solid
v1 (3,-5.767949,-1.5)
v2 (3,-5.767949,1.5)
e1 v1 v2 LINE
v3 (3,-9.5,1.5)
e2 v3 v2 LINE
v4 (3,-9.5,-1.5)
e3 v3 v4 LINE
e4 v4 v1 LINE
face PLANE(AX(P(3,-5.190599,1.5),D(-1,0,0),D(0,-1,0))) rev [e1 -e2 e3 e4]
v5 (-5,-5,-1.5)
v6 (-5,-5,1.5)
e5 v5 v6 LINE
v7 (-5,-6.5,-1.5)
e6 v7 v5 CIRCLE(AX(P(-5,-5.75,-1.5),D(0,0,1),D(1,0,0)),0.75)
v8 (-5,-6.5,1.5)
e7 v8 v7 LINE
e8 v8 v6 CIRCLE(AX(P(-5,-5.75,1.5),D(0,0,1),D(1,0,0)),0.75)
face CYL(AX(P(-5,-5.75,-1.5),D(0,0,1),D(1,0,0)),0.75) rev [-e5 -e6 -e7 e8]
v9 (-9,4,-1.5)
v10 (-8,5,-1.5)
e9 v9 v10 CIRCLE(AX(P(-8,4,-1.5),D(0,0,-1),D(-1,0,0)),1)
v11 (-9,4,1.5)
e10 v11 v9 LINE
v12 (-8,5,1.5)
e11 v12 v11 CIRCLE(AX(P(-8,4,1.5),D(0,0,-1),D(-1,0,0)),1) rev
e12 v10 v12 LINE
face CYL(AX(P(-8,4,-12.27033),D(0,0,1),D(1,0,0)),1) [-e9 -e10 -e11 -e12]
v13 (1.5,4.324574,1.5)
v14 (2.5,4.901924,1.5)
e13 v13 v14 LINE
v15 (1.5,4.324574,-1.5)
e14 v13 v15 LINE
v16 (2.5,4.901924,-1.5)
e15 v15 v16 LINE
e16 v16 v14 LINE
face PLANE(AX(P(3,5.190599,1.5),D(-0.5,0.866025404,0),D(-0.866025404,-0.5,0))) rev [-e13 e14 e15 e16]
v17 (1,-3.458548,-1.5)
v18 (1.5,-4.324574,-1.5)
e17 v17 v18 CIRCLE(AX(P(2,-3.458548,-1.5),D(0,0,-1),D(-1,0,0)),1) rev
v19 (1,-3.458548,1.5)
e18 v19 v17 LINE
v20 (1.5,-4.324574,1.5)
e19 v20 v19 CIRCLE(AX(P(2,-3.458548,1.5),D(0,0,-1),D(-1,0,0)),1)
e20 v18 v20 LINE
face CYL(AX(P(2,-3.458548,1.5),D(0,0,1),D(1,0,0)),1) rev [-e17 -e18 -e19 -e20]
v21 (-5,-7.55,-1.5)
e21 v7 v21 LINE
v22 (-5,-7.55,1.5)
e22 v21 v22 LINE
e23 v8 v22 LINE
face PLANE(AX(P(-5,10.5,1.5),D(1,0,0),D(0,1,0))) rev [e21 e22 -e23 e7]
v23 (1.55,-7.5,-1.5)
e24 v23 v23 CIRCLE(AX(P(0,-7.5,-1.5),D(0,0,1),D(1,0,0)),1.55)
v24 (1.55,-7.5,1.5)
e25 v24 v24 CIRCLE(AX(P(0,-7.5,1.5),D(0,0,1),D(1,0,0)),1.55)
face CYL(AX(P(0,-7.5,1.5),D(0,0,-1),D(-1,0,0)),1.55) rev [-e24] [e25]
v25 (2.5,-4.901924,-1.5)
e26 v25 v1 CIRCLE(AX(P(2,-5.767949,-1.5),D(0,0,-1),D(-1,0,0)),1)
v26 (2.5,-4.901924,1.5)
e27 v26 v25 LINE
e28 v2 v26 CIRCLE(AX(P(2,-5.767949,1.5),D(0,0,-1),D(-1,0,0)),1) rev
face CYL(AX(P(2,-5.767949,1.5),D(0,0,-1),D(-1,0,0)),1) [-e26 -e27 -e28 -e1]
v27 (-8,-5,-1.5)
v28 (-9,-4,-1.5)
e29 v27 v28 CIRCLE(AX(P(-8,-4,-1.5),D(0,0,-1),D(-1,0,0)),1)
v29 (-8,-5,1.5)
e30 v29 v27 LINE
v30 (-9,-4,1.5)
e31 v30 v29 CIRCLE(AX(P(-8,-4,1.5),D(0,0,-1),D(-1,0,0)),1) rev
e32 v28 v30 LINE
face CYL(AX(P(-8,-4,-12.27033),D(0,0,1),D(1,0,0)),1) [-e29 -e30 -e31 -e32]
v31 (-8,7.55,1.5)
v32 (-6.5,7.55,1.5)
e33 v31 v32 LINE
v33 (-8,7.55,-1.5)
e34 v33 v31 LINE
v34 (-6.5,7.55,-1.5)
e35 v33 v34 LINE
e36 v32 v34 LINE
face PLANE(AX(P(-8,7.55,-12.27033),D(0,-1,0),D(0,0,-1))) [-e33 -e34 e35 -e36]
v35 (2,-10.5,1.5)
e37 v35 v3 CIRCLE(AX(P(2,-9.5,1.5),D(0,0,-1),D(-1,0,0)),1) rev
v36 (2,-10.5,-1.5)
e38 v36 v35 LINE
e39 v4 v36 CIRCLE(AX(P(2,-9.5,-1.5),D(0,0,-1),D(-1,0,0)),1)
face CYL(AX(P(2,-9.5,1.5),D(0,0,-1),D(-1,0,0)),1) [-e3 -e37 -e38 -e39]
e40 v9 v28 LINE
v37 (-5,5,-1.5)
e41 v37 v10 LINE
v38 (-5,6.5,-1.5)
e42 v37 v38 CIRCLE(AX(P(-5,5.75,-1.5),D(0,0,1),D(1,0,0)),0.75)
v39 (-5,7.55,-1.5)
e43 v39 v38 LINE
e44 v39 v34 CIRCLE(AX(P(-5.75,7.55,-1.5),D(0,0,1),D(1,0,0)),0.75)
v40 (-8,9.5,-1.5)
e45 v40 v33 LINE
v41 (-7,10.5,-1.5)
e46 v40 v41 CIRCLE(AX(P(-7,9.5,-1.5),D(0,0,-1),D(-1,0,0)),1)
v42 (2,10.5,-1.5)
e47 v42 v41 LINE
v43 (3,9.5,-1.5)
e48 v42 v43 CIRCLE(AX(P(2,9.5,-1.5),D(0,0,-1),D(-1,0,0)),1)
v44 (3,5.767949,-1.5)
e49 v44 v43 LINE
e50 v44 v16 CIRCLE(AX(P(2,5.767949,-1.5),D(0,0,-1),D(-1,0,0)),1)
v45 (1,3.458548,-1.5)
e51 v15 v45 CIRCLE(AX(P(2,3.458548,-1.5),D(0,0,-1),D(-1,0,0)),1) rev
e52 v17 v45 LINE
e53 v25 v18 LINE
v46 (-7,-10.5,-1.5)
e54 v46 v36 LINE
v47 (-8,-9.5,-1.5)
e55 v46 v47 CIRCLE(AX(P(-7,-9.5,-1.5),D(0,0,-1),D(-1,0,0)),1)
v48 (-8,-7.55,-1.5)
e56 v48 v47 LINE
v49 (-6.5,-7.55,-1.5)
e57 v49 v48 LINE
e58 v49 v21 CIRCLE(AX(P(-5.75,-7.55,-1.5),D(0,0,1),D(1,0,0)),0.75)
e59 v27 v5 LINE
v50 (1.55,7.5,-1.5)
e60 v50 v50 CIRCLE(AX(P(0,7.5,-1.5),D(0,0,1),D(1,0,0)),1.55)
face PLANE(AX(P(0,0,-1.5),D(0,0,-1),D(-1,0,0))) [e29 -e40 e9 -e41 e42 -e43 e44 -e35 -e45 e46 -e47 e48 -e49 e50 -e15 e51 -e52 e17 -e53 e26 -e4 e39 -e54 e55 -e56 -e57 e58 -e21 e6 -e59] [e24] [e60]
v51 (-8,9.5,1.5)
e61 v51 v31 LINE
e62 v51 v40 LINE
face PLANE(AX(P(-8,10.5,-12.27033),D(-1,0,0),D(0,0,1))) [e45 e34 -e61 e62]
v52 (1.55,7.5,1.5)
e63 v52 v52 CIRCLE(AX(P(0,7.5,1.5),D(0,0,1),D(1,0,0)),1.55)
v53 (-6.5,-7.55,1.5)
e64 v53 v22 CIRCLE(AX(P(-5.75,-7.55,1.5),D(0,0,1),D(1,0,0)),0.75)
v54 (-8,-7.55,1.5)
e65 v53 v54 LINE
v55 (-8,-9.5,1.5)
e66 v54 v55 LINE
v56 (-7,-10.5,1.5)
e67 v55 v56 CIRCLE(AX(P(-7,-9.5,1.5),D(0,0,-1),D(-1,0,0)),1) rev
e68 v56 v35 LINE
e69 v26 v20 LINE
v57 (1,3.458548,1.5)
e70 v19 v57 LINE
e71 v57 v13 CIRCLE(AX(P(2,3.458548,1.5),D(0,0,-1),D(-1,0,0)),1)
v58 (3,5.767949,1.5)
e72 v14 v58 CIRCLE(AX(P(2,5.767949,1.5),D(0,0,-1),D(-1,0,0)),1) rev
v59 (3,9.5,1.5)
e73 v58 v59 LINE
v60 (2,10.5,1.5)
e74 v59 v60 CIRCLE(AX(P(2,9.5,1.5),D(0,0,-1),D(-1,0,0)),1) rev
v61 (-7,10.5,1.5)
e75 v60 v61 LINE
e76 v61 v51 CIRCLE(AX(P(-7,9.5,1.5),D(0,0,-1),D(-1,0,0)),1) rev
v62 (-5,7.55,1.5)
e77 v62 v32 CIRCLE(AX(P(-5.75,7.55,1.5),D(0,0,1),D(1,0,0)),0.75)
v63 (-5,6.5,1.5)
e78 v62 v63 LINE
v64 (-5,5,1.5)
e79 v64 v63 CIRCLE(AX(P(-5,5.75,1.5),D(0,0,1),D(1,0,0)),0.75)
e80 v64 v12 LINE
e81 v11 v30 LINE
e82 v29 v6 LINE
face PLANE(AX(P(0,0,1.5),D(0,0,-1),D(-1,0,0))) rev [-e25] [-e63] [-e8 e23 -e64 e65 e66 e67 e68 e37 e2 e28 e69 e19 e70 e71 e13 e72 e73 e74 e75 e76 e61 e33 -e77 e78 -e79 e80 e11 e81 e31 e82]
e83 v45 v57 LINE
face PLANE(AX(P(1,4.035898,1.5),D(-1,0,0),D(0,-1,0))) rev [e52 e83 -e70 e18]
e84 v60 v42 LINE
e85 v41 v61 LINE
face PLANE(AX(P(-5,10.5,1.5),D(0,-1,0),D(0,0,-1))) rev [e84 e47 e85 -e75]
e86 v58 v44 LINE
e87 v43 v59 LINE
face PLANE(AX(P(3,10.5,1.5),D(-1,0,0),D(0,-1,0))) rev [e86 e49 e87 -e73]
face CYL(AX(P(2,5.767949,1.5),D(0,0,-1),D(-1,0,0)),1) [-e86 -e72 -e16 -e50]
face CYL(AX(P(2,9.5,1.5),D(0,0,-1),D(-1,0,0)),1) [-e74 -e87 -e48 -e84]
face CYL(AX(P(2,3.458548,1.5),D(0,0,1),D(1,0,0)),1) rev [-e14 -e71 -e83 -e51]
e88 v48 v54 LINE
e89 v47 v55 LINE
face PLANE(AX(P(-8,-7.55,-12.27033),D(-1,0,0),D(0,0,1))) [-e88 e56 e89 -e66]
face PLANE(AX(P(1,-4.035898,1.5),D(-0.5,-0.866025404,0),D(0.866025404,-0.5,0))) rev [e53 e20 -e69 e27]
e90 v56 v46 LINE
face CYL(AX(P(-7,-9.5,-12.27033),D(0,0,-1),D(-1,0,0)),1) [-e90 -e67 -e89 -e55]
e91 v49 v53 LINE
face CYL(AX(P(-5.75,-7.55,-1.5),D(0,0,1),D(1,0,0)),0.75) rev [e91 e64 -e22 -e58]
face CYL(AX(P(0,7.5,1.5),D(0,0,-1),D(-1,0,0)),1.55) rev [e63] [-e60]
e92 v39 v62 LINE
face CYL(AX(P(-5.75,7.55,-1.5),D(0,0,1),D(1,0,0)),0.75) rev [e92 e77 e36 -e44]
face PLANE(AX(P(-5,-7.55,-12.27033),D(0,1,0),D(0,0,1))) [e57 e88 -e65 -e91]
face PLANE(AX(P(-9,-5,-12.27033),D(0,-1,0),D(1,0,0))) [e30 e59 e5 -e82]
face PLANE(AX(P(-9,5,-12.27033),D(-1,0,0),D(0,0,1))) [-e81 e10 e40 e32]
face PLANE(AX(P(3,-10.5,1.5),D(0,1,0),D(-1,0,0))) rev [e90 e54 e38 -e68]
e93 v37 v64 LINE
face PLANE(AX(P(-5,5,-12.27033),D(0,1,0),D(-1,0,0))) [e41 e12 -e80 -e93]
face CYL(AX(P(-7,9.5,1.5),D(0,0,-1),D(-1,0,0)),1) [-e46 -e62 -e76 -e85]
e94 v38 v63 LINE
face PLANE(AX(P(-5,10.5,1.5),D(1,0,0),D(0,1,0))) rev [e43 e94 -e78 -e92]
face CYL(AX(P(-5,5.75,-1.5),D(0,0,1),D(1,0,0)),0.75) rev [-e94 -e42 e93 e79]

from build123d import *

# Parameters (mm, degrees)
SKETCH_1_R          = 1.55
EXTRUDE_1_DEPTH     = 1.5
SKETCH_2_W          = 3
SKETCH_2_H          = 2.95
SKETCH_2_W_2        = 4
SKETCH_2_H_2        = 10
EXTRUDE_2_DEPTH     = 3
SKETCH_3_R          = 0.75
CUT_EXTRUDE_1_DEPTH = 4
FILLET_1_R          = 1


with BuildPart() as part:
    # 草图1 → 凸台-拉伸1 (new body, symmetric)
    with BuildSketch(Plane.XY):
        Polygon((-5, 10.5), (-5, -10.5), (3, -10.5), (3, -5.190598923), (1, -4.035898385), (1, 4.035898385), (3, 5.190598923), (3, 10.5), align=None)
        with Locations((0, 7.5)):
            Circle(SKETCH_1_R, mode=Mode.SUBTRACT)
        with Locations((0, -7.5)):
            Circle(SKETCH_1_R, mode=Mode.SUBTRACT)
    extrude(amount=EXTRUDE_1_DEPTH, both=True)

    # 草图2 → 凸台-拉伸2 (add)
    with BuildSketch(Plane.XY.offset(1.5)):
        with Locations((-6.5, -9.025)):
            Rectangle(SKETCH_2_W, SKETCH_2_H)
        with Locations((-7, 0)):
            Rectangle(SKETCH_2_W_2, SKETCH_2_H_2)
        with Locations((-6.5, 9.025)):
            Rectangle(SKETCH_2_W, SKETCH_2_H)
    extrude(amount=-EXTRUDE_2_DEPTH)

    # 草图3 → 切除-拉伸1 (cut, through all)
    with BuildSketch(Plane.XY.offset(1.5)):
        with Locations((-5.75, 7.55)):
            Circle(SKETCH_3_R)
        with Locations((-5, 5.75)):
            Circle(SKETCH_3_R)
        with Locations((-5, -5.75)):
            Circle(SKETCH_3_R)
        with Locations((-5.75, -7.55)):
            Circle(SKETCH_3_R)
    extrude(amount=-CUT_EXTRUDE_1_DEPTH, mode=Mode.SUBTRACT)

    # 圆角1
    fillet_1_edges = [part.edges().sort_by_distance(p)[0] for p in [
        (3, 10.5, 0),
        (3, 5.190598923, 0),
        (1, 4.035898385, 0),
        (1, -4.035898385, 0),
        (3, -5.190598923, 0),
        (3, -10.5, 0),
        (-8, 10.5, 0),
        (-8, -10.5, 0),
        (-9, 5, 0),
        (-9, -5, 0),
    ]]
    fillet(fillet_1_edges, radius=FILLET_1_R)


solid = part.part
